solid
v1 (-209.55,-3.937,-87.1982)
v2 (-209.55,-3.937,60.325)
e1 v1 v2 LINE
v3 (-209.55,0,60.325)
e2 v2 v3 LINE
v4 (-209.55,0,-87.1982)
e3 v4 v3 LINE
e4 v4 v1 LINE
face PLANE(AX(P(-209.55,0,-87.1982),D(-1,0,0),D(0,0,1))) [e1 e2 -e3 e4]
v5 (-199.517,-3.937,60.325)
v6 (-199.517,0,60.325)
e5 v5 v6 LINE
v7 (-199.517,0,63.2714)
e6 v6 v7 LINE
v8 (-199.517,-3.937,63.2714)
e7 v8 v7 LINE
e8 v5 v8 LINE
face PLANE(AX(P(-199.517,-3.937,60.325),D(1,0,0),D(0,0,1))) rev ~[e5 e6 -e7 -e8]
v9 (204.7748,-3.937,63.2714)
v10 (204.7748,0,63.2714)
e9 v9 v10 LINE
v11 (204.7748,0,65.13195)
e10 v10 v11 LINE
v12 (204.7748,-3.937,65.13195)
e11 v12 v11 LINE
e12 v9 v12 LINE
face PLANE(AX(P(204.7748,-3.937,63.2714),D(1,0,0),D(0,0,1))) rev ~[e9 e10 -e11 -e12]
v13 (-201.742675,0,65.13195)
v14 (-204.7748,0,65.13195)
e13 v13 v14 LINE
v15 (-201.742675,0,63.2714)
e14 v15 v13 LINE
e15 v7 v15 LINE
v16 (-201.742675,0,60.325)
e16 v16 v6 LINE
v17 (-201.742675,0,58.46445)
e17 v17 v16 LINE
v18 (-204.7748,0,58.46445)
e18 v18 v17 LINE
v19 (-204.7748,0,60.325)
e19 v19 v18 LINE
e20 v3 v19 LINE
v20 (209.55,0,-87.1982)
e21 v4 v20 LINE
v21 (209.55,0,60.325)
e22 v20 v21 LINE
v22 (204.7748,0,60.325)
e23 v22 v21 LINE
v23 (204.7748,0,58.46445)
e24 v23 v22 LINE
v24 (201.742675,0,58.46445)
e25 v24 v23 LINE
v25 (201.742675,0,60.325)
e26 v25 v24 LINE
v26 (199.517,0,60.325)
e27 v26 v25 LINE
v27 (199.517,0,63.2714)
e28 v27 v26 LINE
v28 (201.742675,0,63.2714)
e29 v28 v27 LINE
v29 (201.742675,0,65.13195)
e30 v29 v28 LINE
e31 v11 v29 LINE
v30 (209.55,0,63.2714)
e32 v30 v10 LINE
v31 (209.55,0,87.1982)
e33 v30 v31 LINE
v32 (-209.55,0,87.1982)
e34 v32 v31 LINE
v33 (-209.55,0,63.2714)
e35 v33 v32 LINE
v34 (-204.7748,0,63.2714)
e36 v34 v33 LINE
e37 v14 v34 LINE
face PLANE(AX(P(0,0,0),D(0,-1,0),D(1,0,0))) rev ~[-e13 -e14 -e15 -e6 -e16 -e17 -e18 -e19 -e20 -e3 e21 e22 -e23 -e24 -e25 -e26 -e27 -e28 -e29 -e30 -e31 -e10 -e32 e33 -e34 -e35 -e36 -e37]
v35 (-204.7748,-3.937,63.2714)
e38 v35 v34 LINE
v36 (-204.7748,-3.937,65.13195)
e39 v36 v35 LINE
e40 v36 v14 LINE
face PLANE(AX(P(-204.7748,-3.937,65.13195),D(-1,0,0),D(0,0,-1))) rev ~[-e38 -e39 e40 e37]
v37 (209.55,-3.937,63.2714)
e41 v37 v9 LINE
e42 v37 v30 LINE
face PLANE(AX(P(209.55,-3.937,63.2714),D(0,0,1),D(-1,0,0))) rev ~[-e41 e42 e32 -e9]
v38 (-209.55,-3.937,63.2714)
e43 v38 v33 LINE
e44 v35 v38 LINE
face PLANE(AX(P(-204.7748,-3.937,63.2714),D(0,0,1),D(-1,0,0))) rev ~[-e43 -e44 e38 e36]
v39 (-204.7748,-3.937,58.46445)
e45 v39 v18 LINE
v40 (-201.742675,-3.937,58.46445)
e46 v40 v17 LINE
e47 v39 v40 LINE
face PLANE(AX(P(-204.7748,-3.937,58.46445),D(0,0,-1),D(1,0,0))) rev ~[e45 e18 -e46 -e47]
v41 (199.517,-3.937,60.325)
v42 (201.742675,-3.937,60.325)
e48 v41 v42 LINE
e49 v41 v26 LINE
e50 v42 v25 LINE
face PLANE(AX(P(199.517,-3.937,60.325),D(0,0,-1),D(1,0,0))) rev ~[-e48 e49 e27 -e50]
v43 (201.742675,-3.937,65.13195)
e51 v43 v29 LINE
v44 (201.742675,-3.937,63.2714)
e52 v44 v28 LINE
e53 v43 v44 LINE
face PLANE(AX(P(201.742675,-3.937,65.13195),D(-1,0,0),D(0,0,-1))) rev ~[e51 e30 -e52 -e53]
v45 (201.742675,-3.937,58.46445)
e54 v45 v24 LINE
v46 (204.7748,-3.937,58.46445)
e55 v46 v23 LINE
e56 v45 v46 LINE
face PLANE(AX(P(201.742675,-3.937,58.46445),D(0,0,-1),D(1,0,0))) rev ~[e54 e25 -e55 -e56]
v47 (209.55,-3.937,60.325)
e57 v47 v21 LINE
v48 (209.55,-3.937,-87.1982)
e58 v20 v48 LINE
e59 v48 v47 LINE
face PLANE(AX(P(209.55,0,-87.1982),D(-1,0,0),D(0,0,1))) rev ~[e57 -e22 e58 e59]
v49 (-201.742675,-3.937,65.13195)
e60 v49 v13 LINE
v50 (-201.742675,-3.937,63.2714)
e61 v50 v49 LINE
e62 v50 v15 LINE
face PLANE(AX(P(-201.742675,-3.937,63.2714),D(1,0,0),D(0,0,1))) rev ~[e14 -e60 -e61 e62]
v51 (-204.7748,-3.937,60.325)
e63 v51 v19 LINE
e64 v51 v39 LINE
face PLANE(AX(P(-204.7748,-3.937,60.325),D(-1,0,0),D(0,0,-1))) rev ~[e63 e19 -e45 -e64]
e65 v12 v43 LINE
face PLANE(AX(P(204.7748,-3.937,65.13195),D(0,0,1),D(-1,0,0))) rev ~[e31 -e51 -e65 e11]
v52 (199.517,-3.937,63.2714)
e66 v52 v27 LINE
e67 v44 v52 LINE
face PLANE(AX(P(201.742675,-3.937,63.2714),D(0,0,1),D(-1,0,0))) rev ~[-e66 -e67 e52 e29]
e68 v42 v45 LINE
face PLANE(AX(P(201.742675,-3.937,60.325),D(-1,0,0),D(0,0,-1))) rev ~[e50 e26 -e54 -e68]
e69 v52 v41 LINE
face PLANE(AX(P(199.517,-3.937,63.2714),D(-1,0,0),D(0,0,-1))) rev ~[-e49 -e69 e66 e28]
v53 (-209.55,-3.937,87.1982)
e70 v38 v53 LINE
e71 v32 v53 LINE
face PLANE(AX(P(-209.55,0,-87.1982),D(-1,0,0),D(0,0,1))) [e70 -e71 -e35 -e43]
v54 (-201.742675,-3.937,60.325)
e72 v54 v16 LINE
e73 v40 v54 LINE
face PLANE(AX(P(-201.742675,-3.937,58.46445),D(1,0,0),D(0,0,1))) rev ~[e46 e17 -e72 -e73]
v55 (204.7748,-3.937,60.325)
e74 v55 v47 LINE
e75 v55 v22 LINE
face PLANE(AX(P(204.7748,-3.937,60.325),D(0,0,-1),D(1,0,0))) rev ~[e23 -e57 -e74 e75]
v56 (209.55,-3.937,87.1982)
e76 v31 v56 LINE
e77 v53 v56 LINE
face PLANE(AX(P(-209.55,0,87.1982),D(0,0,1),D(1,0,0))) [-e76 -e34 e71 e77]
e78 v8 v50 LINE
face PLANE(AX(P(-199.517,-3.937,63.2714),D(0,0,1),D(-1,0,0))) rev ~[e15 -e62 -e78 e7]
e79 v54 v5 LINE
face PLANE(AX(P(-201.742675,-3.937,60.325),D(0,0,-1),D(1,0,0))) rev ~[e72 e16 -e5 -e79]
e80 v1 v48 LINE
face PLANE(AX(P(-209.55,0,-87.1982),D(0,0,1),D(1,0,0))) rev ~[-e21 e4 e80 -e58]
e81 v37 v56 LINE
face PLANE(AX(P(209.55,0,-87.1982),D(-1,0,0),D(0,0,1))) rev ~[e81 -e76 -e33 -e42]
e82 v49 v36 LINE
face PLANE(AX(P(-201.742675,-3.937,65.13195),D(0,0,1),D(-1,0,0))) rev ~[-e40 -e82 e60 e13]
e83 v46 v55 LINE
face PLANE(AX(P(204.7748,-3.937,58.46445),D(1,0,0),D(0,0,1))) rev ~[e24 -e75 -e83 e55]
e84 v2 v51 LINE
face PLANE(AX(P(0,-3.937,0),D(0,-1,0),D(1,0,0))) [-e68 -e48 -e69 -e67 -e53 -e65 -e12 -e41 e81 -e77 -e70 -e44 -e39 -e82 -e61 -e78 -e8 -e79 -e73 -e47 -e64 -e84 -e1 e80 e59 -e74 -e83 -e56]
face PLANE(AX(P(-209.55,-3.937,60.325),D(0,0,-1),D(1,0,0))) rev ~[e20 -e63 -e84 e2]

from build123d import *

# Parameters (mm, degrees)
F0_W     = 419.1
F0_H     = 174.3964
F1_DEPTH = 3.937
F2_W     = 3.175
F2_H     = 2.9464
F3_DEPTH = 3.937


with BuildPart() as f1:
    # F0 (on Front) → F1 (new body)
    with BuildSketch(Plane.XZ):
        Rectangle(F0_W, F0_H)
    extrude(amount=F1_DEPTH)

    # F2 (on face) → F3 (cut, through all)
    with BuildSketch(Plane.XZ.offset(3.937)):
        Polygon((-206.375, 63.2714), (-206.375, 60.325), (-204.7748, 60.325), (-204.7748, 58.46445), (-201.742675, 58.46445), (-201.742675, 60.325), (-199.517, 60.325), (-199.517, 61.7982), (-199.517, 63.2714), (-201.742675, 63.2714), (-201.742675, 65.13195), (-204.7748, 65.13195), (-204.7748, 63.2714), align=None)
        with Locations((-207.9625, 61.7982)):
            Rectangle(F2_W, F2_H)
        Polygon((201.742675, 58.46445), (204.7748, 58.46445), (204.7748, 60.325), (206.375, 60.325), (206.375, 63.2714), (204.7748, 63.2714), (204.7748, 65.13195), (201.742675, 65.13195), (201.742675, 63.2714), (199.517, 63.2714), (199.517, 61.7982), (199.517, 60.325), (201.742675, 60.325), align=None)
        with Locations((207.9625, 61.7982)):
            Rectangle(F2_W, F2_H)
    extrude(amount=-F3_DEPTH, mode=Mode.SUBTRACT)


solid = f1.part
